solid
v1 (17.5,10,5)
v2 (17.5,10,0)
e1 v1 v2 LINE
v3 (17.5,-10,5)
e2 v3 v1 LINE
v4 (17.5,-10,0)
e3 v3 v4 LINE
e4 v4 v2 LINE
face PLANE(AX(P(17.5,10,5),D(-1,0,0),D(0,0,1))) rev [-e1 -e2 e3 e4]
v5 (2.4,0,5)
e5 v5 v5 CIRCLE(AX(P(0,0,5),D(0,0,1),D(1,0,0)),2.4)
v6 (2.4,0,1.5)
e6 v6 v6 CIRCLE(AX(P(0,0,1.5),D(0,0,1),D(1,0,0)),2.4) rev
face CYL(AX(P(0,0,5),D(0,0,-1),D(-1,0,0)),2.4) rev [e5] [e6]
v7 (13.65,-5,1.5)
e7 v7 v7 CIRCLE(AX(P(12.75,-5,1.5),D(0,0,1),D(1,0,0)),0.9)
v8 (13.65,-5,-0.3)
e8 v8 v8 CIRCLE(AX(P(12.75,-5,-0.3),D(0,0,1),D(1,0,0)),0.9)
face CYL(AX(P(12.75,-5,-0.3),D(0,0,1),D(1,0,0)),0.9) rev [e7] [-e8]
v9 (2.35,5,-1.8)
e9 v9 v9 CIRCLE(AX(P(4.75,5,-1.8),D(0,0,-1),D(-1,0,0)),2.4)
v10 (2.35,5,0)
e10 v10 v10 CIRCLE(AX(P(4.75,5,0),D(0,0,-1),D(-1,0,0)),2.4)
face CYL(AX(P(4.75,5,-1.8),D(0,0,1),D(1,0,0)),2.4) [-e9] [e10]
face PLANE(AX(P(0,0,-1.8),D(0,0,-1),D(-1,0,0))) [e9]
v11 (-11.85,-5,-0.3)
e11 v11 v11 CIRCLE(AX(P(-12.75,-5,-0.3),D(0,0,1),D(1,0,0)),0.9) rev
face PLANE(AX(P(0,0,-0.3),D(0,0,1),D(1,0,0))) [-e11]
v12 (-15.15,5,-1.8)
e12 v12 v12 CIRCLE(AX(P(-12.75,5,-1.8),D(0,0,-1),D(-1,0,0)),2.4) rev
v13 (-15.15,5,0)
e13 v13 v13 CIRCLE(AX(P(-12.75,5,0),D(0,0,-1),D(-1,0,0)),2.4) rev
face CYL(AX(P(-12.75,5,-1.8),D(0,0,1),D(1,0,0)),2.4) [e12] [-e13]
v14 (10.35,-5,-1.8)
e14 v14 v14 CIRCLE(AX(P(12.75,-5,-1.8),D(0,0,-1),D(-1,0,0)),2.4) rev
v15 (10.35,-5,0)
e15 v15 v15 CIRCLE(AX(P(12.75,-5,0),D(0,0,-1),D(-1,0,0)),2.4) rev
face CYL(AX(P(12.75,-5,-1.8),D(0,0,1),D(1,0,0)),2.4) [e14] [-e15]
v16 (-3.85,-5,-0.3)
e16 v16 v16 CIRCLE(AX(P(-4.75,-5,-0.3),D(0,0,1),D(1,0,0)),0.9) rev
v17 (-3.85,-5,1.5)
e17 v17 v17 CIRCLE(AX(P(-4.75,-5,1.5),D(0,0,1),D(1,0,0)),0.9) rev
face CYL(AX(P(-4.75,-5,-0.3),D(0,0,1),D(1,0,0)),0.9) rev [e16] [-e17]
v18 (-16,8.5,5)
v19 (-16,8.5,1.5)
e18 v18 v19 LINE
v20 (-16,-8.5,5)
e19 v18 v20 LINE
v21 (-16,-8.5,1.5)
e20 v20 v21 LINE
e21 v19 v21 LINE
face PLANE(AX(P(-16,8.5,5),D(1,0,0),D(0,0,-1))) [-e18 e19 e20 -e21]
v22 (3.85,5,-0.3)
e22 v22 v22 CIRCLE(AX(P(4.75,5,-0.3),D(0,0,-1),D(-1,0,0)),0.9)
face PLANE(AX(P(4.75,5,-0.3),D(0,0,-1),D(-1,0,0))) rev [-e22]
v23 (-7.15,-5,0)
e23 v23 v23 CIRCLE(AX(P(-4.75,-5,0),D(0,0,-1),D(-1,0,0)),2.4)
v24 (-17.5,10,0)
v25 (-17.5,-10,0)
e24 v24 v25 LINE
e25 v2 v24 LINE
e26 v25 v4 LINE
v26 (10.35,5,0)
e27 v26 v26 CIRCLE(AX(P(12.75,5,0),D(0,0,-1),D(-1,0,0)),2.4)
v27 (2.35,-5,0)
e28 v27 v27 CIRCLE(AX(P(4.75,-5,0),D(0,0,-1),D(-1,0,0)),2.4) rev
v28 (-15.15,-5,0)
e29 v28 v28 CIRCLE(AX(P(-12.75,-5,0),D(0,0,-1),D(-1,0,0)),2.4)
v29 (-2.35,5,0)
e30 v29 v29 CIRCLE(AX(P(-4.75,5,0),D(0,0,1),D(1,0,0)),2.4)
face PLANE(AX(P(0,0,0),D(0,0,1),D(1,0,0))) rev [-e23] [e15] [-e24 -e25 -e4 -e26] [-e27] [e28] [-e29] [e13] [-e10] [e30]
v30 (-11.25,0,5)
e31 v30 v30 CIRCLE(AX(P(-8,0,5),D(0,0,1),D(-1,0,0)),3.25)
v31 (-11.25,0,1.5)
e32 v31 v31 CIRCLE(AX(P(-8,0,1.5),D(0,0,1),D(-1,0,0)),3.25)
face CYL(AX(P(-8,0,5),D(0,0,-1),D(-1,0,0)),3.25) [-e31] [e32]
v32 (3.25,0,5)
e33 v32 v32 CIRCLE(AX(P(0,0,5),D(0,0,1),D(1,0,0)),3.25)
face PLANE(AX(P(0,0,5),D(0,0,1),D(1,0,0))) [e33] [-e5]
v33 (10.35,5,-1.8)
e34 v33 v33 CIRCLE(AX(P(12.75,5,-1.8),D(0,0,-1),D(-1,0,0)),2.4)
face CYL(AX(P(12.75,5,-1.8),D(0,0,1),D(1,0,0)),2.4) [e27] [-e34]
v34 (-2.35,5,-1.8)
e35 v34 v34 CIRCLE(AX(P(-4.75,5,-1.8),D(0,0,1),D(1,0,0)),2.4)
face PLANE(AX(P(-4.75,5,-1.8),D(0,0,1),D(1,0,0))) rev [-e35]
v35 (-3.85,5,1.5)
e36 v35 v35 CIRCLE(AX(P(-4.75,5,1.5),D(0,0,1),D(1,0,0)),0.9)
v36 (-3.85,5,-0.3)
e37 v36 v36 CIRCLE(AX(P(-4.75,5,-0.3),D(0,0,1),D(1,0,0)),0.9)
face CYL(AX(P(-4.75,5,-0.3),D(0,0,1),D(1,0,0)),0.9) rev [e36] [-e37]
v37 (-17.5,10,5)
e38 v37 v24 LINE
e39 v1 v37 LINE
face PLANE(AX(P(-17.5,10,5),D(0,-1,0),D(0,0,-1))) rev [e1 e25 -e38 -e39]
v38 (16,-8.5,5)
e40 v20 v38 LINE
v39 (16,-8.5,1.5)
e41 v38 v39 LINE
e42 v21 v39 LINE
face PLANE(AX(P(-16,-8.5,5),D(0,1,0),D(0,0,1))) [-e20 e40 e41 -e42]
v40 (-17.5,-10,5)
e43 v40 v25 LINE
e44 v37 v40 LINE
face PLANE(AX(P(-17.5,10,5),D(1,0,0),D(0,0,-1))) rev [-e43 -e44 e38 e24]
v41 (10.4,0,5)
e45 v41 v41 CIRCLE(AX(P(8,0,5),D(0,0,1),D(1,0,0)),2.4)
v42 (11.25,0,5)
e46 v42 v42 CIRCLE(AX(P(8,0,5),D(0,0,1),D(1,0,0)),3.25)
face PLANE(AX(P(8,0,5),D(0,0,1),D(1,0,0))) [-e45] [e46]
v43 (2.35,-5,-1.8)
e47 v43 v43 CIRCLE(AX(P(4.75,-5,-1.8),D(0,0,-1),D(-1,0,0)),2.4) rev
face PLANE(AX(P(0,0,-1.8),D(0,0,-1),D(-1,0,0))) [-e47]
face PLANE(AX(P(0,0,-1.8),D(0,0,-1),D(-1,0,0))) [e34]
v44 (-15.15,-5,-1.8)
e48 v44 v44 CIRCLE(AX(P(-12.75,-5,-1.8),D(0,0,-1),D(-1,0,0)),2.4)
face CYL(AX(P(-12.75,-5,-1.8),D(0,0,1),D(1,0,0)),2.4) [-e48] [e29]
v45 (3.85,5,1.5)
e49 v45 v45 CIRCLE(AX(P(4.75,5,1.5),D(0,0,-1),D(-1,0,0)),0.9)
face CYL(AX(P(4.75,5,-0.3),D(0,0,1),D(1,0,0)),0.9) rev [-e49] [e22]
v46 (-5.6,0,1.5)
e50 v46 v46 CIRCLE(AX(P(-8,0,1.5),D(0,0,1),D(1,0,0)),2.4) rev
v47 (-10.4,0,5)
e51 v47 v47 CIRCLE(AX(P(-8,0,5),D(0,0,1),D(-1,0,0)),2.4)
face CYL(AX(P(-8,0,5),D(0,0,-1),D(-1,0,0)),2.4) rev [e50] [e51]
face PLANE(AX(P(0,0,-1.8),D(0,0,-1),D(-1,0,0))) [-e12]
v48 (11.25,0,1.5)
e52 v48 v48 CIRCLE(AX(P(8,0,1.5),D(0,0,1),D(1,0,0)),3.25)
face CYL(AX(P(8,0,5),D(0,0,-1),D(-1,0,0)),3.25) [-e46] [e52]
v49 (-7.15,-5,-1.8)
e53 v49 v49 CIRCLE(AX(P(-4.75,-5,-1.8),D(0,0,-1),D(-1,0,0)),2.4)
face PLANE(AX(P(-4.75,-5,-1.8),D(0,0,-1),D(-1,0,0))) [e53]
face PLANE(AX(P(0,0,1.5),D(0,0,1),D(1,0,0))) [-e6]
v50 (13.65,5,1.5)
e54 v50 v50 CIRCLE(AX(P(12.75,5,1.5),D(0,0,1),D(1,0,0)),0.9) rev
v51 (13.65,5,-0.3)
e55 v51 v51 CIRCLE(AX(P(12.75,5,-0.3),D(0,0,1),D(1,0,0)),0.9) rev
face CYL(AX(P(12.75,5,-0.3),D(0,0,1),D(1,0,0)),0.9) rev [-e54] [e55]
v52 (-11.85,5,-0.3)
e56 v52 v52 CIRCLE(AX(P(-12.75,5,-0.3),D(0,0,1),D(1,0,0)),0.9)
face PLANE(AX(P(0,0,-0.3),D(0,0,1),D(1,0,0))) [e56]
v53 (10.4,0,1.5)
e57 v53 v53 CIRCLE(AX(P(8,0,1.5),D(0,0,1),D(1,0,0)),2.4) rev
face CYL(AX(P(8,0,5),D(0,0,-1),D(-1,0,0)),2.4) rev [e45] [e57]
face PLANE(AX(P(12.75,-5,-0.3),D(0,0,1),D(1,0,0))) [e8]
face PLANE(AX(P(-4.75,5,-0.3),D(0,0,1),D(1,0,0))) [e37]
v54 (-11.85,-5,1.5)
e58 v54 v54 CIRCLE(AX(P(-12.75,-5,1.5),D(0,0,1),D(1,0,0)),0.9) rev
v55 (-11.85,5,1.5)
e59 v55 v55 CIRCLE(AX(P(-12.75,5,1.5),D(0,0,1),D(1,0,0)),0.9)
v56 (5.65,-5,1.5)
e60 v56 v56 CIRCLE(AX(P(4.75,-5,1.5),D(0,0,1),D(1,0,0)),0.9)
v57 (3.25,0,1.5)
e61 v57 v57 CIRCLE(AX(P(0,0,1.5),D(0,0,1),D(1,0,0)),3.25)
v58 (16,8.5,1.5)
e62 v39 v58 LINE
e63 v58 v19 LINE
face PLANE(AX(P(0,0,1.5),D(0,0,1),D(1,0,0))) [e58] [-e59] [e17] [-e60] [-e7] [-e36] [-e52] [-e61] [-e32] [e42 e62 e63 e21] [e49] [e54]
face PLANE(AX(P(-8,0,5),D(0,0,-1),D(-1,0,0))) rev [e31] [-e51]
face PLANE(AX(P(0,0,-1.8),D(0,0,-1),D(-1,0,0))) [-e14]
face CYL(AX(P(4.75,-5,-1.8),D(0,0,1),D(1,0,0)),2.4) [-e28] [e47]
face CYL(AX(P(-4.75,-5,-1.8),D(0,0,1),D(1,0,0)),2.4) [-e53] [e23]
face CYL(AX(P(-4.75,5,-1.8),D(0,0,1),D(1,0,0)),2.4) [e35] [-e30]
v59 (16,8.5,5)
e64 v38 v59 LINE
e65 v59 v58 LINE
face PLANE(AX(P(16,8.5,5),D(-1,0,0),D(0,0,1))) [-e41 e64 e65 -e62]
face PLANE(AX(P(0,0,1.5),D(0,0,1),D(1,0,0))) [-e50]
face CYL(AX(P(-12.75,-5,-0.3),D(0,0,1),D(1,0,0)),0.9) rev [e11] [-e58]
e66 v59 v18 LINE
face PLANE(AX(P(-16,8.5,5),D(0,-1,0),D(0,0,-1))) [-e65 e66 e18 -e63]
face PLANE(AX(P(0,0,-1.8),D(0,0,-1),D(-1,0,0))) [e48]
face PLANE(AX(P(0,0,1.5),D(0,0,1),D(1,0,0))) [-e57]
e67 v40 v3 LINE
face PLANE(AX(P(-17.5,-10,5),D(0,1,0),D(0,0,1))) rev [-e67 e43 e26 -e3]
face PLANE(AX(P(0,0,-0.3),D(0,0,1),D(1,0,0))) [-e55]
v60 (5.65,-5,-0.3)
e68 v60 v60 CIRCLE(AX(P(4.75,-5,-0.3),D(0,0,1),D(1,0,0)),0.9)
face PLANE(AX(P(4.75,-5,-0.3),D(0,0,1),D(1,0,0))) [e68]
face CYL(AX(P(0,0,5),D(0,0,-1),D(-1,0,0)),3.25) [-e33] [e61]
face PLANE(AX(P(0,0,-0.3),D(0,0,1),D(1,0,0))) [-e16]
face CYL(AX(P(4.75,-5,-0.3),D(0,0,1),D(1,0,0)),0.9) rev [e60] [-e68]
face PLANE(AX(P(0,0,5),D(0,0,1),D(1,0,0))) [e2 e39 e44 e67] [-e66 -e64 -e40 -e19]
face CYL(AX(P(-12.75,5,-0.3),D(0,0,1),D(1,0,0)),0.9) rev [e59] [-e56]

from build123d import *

# Parameters (mm, degrees)
SKETCH1_W           = 35
SKETCH1_H           = 20
SKETCH1_W_2         = 32
SKETCH1_H_2         = 17
BOSS_EXTRUDE1_DEPTH = 5
SKETCH2_W           = 32
SKETCH2_H           = 17
BOSS_EXTRUDE2_DEPTH = 1.5
SKETCH3_R           = 2.4
BOSS_EXTRUDE3_DEPTH = 1.8
SKETCH6_R           = 3.25
SKETCH6_R_2         = 2.4
BOSS_EXTRUDE4_DEPTH = 3.5
SKETCH7_R           = 0.9
CUT_EXTRUDE2_DEPTH  = 1.8


with BuildPart() as part:
    # Sketch1 → Boss-Extrude1 (new body)
    with BuildSketch(Plane.XY):
        Rectangle(SKETCH1_W, SKETCH1_H)
        Rectangle(SKETCH1_W_2, SKETCH1_H_2, mode=Mode.SUBTRACT)
    extrude(amount=BOSS_EXTRUDE1_DEPTH)

    # Sketch2 → Boss-Extrude2 (add)
    with BuildSketch(Plane.XY):
        Rectangle(SKETCH2_W, SKETCH2_H)
    extrude(amount=BOSS_EXTRUDE2_DEPTH)

    # Sketch3 → Boss-Extrude3 (add)
    with BuildSketch(Plane(origin=(0, 0, 0), x_dir=(-1, 0, 0), z_dir=(0, 0, -1))):
        with BuildLine():
            ThreePointArc((15.15, -5), (14.447056275, -3.302943725), (12.75, -2.6))
            Line((12.75, -2.6), (12.75, -5))
            Line((12.75, -5), (15.15, -5))
        make_face()
        with BuildLine():
            Line((12.75, -5), (12.75, -2.6))
            ThreePointArc((12.75, -2.6), (11.052943725, -3.302943725), (10.35, -5))
            Line((10.35, -5), (12.75, -5))
        make_face()
        with BuildLine():
            Line((12.75, -7.4), (12.75, -5))
            Line((12.75, -5), (10.35, -5))
            ThreePointArc((10.35, -5), (11.052943725, -6.697056275), (12.75, -7.4))
        make_face()
        with BuildLine():
            Line((15.15, -5), (12.75, -5))
            Line((12.75, -5), (12.75, -7.4))
            ThreePointArc((12.75, -7.4), (14.447056275, -6.697056275), (15.15, -5))
        make_face()
        with Locations((12.75, 5)):
            Circle(SKETCH3_R)
        with Locations((-4.75, 5)):
            Circle(SKETCH3_R)
        with Locations((-4.75, -5)):
            Circle(SKETCH3_R)
        with Locations((-12.75, -5)):
            Circle(SKETCH3_R)
        with Locations((-12.75, 5)):
            Circle(SKETCH3_R)
        with Locations((4.75, -5)):
            Circle(SKETCH3_R)
        with Locations(Location((4.75, 5, 0), (0, 0, 180))):
            Circle(SKETCH3_R)
    extrude(amount=BOSS_EXTRUDE3_DEPTH)

    # Sketch6 → Boss-Extrude4 (add)
    # profile 1 of 3: a face of its own
    with BuildSketch(Plane.XY.offset(1.5)):
        Circle(SKETCH6_R)
        Circle(SKETCH6_R_2, mode=Mode.SUBTRACT)
    # profile 2 of 3: a face of its own
    with BuildSketch(Plane.XY.offset(1.5)):
        with Locations((8, 0)):
            Circle(SKETCH6_R)
        with Locations((8, 0)):
            Circle(SKETCH6_R_2, mode=Mode.SUBTRACT)
    # profile 3 of 3: a face of its own
    with BuildSketch(Plane.XY.offset(1.5)):
        with Locations(Location((-8, 0, 0), (0, 0, 180))):
            Circle(SKETCH6_R)
        with Locations(Location((-8, 0, 0), (0, 0, 180))):
            Circle(SKETCH6_R_2, mode=Mode.SUBTRACT)
    extrude(amount=BOSS_EXTRUDE4_DEPTH)

    # Sketch7 → Cut-Extrude2 (cut)
    with BuildSketch(Plane.XY.offset(1.5)):
        with Locations((12.75, 5)):
            Circle(SKETCH7_R)
        with Locations((-12.75, 5)):
            Circle(SKETCH7_R)
        with Locations((-12.75, -5)):
            Circle(SKETCH7_R)
        with Locations((-4.75, -5)):
            Circle(SKETCH7_R)
        with Locations((12.75, -5)):
            Circle(SKETCH7_R)
        with Locations(Location((4.75, 5, 0), (0, 0, 180))):
            Circle(SKETCH7_R)
        with Locations((-4.75, 5)):
            Circle(SKETCH7_R)
        with Locations((4.75, -5)):
            Circle(SKETCH7_R)
    extrude(amount=-CUT_EXTRUDE2_DEPTH, mode=Mode.SUBTRACT)


solid = part.part
